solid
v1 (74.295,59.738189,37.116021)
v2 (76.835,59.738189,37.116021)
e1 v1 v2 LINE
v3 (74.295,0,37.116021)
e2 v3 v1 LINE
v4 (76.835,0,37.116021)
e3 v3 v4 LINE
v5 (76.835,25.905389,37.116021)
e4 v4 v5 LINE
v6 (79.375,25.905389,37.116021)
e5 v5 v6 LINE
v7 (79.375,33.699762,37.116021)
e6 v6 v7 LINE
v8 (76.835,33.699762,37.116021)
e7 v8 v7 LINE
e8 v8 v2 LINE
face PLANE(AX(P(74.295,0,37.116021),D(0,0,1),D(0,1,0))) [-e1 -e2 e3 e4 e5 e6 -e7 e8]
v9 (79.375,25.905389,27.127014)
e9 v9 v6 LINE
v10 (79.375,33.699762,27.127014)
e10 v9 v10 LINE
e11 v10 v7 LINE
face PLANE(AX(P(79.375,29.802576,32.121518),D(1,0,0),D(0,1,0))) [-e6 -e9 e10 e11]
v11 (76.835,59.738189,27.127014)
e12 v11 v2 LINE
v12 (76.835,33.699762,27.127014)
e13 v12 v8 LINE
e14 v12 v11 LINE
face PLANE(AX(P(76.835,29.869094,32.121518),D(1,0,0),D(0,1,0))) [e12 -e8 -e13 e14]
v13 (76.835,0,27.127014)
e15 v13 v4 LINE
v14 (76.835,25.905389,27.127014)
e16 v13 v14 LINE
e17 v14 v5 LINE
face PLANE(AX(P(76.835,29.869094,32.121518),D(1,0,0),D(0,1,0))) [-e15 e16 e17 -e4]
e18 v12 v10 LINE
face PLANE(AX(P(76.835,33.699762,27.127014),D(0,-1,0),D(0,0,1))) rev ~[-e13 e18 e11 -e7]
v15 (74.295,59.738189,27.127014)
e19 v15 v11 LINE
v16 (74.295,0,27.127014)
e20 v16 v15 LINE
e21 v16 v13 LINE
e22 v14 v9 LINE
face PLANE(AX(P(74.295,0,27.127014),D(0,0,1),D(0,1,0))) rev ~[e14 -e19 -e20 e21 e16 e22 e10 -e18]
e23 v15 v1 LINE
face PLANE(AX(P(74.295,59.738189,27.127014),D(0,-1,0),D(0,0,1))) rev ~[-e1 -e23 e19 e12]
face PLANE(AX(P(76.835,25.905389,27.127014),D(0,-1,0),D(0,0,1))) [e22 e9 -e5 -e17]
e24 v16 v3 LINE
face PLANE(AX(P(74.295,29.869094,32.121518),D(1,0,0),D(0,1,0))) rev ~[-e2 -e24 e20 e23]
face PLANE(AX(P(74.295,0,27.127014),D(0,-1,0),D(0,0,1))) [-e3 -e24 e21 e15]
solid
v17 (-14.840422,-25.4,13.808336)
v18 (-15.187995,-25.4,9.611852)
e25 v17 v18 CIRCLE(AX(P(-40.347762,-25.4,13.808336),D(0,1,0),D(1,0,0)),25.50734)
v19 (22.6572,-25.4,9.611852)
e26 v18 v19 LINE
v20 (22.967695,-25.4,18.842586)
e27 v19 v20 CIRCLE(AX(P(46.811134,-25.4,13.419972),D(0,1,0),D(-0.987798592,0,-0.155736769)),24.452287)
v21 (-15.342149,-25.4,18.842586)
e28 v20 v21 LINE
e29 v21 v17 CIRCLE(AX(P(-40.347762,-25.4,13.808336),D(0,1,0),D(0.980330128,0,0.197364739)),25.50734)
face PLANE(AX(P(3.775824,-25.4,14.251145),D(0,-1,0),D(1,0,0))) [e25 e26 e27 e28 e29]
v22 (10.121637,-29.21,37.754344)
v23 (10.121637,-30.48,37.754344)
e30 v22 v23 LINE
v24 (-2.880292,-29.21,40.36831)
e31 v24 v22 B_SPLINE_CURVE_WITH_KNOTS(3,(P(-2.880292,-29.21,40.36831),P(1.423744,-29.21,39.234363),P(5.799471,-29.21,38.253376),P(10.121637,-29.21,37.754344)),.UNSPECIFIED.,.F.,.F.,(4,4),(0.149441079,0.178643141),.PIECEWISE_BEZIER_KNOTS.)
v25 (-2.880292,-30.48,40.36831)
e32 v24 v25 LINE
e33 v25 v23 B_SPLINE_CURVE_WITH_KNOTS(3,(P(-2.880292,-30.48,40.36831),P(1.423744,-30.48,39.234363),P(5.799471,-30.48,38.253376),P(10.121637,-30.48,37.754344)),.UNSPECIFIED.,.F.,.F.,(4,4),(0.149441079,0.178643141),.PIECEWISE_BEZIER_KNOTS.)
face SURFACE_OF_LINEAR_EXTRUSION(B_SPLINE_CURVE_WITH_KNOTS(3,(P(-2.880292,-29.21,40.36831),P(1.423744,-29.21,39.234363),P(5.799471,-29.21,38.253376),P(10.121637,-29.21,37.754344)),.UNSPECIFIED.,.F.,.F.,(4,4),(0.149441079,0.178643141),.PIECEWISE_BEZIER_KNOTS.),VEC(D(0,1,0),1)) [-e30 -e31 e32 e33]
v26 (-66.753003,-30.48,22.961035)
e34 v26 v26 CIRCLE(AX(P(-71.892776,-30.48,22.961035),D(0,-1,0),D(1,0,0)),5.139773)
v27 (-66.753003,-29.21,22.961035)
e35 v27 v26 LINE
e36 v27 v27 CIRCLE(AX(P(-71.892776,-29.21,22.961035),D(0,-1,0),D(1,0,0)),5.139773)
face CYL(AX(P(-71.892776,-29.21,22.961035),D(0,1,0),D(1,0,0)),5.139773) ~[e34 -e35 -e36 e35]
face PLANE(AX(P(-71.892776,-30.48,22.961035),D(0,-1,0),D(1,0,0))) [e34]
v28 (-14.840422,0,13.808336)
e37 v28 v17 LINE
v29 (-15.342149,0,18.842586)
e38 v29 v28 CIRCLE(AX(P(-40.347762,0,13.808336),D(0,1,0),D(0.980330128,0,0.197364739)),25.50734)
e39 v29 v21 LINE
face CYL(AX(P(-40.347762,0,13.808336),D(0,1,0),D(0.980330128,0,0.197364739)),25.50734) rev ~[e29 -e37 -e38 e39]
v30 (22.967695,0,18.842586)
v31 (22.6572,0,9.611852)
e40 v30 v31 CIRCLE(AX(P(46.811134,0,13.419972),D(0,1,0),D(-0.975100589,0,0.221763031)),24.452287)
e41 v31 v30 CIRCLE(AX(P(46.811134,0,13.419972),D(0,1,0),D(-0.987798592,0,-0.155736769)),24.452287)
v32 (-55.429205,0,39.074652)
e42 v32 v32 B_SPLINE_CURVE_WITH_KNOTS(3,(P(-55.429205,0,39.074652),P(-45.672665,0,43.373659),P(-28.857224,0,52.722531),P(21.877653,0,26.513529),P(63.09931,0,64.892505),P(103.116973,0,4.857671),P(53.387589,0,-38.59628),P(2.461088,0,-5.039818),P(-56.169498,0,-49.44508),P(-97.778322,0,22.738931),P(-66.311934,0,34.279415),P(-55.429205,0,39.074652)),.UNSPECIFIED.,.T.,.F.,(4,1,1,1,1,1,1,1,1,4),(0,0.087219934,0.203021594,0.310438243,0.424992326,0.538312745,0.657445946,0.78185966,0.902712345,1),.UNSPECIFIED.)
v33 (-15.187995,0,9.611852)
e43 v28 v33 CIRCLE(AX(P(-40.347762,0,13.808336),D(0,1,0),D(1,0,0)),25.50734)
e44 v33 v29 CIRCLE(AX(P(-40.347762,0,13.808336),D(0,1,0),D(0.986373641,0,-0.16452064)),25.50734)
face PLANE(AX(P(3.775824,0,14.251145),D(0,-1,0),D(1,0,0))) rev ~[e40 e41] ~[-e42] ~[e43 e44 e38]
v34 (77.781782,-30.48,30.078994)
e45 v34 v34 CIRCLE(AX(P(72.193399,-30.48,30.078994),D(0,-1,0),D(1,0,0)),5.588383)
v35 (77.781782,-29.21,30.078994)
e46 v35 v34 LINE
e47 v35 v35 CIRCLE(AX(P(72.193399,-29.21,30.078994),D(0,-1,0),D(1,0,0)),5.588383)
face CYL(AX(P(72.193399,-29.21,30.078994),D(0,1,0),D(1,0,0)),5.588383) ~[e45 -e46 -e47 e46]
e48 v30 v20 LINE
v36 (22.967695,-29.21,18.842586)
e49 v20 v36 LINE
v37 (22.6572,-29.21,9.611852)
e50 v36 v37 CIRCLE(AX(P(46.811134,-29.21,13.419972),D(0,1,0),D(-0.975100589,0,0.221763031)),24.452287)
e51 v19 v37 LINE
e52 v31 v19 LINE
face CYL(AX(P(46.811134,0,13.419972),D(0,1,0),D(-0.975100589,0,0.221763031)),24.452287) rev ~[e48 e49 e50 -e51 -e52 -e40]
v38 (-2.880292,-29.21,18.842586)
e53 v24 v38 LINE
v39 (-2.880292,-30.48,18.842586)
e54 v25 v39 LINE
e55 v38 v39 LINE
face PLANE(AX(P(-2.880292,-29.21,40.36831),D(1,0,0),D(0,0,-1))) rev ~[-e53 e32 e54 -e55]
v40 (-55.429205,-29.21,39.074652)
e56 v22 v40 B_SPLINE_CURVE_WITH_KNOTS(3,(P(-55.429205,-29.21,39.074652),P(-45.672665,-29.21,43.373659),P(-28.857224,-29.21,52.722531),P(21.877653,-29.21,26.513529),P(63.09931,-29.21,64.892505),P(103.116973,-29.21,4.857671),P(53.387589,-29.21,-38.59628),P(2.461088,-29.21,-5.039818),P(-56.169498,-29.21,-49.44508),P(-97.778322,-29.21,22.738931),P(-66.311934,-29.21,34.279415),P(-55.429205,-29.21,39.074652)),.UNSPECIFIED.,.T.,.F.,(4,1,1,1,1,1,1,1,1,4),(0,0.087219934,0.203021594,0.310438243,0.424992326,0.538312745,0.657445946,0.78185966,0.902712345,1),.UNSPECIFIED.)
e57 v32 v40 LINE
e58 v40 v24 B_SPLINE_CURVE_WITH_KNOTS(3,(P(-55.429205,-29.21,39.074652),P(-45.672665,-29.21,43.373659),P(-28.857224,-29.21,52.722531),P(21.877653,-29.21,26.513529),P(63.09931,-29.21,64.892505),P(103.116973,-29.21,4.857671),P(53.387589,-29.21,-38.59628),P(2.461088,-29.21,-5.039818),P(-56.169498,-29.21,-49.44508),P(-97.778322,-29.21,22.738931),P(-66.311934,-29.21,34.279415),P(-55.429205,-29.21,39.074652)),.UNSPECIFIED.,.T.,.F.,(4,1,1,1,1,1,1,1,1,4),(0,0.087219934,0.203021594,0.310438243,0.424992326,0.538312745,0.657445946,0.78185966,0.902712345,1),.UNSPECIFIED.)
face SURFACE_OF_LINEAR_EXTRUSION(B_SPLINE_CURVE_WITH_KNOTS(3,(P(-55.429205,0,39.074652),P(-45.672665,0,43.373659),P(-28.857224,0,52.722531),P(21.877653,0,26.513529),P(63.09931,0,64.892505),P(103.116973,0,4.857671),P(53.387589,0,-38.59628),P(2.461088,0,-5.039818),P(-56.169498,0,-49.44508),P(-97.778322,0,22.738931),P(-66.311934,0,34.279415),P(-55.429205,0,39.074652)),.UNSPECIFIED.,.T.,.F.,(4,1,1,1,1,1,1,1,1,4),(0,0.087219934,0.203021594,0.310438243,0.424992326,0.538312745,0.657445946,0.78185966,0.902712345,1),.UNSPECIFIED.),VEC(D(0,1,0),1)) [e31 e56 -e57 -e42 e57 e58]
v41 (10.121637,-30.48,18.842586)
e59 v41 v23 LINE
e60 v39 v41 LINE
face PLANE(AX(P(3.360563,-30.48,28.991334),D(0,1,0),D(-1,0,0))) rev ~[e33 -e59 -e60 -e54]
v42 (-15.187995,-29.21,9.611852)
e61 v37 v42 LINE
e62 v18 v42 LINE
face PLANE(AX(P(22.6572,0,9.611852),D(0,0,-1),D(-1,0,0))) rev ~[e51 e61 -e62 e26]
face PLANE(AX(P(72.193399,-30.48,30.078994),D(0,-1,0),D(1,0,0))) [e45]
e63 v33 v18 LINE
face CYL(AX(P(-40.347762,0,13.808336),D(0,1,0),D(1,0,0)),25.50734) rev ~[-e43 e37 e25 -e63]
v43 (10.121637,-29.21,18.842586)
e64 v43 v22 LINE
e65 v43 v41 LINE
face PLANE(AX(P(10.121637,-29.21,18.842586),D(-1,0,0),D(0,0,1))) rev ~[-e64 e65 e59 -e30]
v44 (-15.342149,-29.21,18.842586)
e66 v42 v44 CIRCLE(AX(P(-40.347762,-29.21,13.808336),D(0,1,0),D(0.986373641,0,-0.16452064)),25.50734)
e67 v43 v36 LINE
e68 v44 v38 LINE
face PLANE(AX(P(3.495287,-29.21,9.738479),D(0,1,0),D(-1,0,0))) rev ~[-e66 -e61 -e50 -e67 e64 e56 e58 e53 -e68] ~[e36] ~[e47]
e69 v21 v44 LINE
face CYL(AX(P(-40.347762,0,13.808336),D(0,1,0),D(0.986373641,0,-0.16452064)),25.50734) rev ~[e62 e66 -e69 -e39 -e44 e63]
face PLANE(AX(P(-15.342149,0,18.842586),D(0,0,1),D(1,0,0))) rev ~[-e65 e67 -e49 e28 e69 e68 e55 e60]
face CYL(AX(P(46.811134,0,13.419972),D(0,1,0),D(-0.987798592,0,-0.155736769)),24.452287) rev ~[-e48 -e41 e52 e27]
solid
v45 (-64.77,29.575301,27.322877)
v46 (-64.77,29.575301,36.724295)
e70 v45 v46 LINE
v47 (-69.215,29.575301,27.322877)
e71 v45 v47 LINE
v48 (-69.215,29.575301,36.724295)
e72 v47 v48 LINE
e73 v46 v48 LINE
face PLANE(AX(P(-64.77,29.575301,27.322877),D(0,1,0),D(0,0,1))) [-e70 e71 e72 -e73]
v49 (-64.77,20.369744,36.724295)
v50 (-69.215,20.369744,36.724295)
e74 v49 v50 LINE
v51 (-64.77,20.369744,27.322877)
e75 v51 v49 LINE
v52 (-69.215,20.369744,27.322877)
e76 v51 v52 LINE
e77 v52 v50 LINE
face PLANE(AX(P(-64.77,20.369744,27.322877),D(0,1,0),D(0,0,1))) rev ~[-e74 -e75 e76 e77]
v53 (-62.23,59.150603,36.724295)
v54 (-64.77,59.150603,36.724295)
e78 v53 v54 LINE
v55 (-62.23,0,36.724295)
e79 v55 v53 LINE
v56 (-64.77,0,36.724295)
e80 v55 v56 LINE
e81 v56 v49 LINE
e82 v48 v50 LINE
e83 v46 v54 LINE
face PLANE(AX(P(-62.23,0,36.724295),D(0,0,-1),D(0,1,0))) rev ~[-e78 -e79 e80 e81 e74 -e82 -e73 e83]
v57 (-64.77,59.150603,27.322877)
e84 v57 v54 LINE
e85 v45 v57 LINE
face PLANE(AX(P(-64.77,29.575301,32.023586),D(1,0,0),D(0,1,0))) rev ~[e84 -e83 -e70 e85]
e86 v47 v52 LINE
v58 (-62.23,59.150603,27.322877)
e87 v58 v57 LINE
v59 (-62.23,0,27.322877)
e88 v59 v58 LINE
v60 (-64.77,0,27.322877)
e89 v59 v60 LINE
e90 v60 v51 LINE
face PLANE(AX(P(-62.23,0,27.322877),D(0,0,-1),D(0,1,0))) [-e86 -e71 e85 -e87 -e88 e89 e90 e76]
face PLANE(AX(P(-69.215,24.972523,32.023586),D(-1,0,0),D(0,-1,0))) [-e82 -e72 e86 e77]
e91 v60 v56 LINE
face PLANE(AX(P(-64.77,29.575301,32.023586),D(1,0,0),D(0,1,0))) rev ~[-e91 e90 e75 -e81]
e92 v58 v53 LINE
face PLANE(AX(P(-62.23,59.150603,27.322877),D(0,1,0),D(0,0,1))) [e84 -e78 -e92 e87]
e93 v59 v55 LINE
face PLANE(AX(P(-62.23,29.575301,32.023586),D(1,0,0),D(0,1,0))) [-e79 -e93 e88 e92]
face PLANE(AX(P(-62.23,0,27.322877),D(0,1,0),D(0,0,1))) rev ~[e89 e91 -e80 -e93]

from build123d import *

# Parameters (mm, degrees)
F1_DEPTH  = 29.21
F2_W      = 59.738188982
F2_H      = 9.9890064448
F3_DEPTH  = 2.54
F5_W      = 59.1506026685
F5_H      = 9.4014182687
F6_DEPTH  = 2.54
F8_DEPTH  = 25.4
F9_R      = 5.1397729847
F9_R_2    = 5.5883833485
F10_DEPTH = 1.27
F12_DEPTH = 1.27
F13_W     = 7.7943727374
F13_H     = 9.9890064448
F14_DEPTH = 2.54
F15_W     = 9.2055574059
F15_H     = 9.4014182687
F16_DEPTH = 4.445


with BuildPart() as f1:
    # F0 (on Front) → F1 (new body)
    with BuildSketch(Plane.XZ):
        with BuildLine():
            add(Edge.make_bspline(
                [(-55.4292052984, 39.074651897), (-45.6726654146, 43.3736586454), (-28.8572237204, 52.7225306191), (21.8776532494, 26.5135292687), (63.0993097631, 64.8925051223), (103.1169725795, 4.8576711584), (53.3875888684, -38.5962799124), (2.4610880784, -5.0398184442), (-56.169498419, -49.4450796529), (-97.7783223449, 22.73893117), (-66.3119340893, 34.2794145412), (-55.4292052984, 39.074651897)],
                knots=[0, 0, 0, 0, 0.0872199341, 0.2030215941, 0.3104382426, 0.4249923261, 0.5383127447, 0.657445946, 0.7818596603, 0.9027123448, 1, 1, 1, 1], degree=3))
        make_face()
        with BuildLine():
            ThreePointArc((-15.1879945839, 9.611852202), (-65.8515462503, 13.3824210267), (-15.3421485166, 18.842585612))
            Line((-15.3421485166, 18.842585612), (22.9676950101, 18.842585612))
            ThreePointArc((22.9676950101, 18.842585612), (49.5394777045, 37.7195706425), (71.2634212404, 13.4199723609))
            ThreePointArc((71.2634212404, 13.4199723609), (48.7210291951, -10.9576123386), (22.6571997869, 9.611852202))
            Line((22.6571997869, 9.611852202), (-15.1879945839, 9.611852202))
        make_face(mode=Mode.SUBTRACT)
    extrude(amount=F1_DEPTH)

    # F0 (on Front) → F8 (join)
    with BuildSketch(Plane.XZ):
        with BuildLine():
            ThreePointArc((-15.3421485166, 18.842585612), (-14.9661638599, 16.3379307974), (-14.8404224027, 13.8083361089))
            ThreePointArc((-14.8404224027, 13.8083361089), (-14.9274639588, 11.7029095724), (-15.1879945839, 9.611852202))
            Line((-15.1879945839, 9.611852202), (22.6571997869, 9.611852202))
            ThreePointArc((22.6571997869, 9.611852202), (22.3726690705, 14.2420117803), (22.9676950101, 18.842585612))
            Line((22.9676950101, 18.842585612), (-15.3421485166, 18.842585612))
        make_face()
    extrude(amount=F8_DEPTH)

    # F9 (on face) → F10 (join)
    with BuildSketch(Plane.XZ.offset(29.21)):
        with Locations((-71.8927755952, 22.9610353708)):
            Circle(F9_R)
        with Locations((72.1933990717, 30.0789941102)):
            Circle(F9_R_2)
    extrude(amount=F10_DEPTH)

    # F11 (on face) → F12 (join)
    with BuildSketch(Plane.XZ.offset(29.21)):
        with BuildLine():
            add(Edge.make_bspline(
                [(-2.880291667, 40.3683097968), (1.4237443428, 39.2343634521), (5.7994709306, 38.2533761101), (10.121637024, 37.7543443727)],
                knots=[0.1494410793, 0.1494410793, 0.1494410793, 0.1494410793, 0.1786431409, 0.1786431409, 0.1786431409, 0.1786431409], degree=3))
            Line((-2.880291667, 40.3683097968), (-2.880291667, 18.842585612))
            Line((-2.880291667, 18.842585612), (10.121637024, 18.842585612))
            Line((10.121637024, 18.842585612), (10.121637024, 37.7543443727))
        make_face()
    extrude(amount=F12_DEPTH)


with BuildPart() as f3:
    # F2 (on Right) → F3 (new body)
    with BuildSketch(Plane.YZ):
        with Locations((29.869094491, 32.1215176955)):
            Rectangle(F2_W, F2_H)
    extrude(amount=F3_DEPTH)


with BuildPart() as f3_1:
    # F4: moved
    add(f3.part.moved(Location((74.295, 0, 0))))

    # F13 (on face) → F14 (join)
    with BuildSketch(Plane.YZ.offset(76.835)):
        with Locations((29.8025757074, 32.1215176955)):
            Rectangle(F13_W, F13_H)
    extrude(amount=F14_DEPTH)


with BuildPart() as f6:
    # F5 (on Right) → F6 (new body)
    with BuildSketch(Plane.YZ):
        with Locations((29.5753013343, 32.0235863328)):
            Rectangle(F5_W, F5_H)
    extrude(amount=-F6_DEPTH)


with BuildPart() as f6_1:
    # F7: moved
    add(f6.part.moved(Location((-62.23, 0, 0))))

    # F15 (on face) → F16 (join)
    with BuildSketch(Plane(origin=(-64.77, 0, 0), x_dir=(0, -1, 0), z_dir=(-1, 0, 0))):
        with Locations((-24.9725226313, 32.0235863328)):
            Rectangle(F15_W, F15_H)
    extrude(amount=F16_DEPTH)


solid = Compound([f1.part, f3_1.part, f6_1.part])
